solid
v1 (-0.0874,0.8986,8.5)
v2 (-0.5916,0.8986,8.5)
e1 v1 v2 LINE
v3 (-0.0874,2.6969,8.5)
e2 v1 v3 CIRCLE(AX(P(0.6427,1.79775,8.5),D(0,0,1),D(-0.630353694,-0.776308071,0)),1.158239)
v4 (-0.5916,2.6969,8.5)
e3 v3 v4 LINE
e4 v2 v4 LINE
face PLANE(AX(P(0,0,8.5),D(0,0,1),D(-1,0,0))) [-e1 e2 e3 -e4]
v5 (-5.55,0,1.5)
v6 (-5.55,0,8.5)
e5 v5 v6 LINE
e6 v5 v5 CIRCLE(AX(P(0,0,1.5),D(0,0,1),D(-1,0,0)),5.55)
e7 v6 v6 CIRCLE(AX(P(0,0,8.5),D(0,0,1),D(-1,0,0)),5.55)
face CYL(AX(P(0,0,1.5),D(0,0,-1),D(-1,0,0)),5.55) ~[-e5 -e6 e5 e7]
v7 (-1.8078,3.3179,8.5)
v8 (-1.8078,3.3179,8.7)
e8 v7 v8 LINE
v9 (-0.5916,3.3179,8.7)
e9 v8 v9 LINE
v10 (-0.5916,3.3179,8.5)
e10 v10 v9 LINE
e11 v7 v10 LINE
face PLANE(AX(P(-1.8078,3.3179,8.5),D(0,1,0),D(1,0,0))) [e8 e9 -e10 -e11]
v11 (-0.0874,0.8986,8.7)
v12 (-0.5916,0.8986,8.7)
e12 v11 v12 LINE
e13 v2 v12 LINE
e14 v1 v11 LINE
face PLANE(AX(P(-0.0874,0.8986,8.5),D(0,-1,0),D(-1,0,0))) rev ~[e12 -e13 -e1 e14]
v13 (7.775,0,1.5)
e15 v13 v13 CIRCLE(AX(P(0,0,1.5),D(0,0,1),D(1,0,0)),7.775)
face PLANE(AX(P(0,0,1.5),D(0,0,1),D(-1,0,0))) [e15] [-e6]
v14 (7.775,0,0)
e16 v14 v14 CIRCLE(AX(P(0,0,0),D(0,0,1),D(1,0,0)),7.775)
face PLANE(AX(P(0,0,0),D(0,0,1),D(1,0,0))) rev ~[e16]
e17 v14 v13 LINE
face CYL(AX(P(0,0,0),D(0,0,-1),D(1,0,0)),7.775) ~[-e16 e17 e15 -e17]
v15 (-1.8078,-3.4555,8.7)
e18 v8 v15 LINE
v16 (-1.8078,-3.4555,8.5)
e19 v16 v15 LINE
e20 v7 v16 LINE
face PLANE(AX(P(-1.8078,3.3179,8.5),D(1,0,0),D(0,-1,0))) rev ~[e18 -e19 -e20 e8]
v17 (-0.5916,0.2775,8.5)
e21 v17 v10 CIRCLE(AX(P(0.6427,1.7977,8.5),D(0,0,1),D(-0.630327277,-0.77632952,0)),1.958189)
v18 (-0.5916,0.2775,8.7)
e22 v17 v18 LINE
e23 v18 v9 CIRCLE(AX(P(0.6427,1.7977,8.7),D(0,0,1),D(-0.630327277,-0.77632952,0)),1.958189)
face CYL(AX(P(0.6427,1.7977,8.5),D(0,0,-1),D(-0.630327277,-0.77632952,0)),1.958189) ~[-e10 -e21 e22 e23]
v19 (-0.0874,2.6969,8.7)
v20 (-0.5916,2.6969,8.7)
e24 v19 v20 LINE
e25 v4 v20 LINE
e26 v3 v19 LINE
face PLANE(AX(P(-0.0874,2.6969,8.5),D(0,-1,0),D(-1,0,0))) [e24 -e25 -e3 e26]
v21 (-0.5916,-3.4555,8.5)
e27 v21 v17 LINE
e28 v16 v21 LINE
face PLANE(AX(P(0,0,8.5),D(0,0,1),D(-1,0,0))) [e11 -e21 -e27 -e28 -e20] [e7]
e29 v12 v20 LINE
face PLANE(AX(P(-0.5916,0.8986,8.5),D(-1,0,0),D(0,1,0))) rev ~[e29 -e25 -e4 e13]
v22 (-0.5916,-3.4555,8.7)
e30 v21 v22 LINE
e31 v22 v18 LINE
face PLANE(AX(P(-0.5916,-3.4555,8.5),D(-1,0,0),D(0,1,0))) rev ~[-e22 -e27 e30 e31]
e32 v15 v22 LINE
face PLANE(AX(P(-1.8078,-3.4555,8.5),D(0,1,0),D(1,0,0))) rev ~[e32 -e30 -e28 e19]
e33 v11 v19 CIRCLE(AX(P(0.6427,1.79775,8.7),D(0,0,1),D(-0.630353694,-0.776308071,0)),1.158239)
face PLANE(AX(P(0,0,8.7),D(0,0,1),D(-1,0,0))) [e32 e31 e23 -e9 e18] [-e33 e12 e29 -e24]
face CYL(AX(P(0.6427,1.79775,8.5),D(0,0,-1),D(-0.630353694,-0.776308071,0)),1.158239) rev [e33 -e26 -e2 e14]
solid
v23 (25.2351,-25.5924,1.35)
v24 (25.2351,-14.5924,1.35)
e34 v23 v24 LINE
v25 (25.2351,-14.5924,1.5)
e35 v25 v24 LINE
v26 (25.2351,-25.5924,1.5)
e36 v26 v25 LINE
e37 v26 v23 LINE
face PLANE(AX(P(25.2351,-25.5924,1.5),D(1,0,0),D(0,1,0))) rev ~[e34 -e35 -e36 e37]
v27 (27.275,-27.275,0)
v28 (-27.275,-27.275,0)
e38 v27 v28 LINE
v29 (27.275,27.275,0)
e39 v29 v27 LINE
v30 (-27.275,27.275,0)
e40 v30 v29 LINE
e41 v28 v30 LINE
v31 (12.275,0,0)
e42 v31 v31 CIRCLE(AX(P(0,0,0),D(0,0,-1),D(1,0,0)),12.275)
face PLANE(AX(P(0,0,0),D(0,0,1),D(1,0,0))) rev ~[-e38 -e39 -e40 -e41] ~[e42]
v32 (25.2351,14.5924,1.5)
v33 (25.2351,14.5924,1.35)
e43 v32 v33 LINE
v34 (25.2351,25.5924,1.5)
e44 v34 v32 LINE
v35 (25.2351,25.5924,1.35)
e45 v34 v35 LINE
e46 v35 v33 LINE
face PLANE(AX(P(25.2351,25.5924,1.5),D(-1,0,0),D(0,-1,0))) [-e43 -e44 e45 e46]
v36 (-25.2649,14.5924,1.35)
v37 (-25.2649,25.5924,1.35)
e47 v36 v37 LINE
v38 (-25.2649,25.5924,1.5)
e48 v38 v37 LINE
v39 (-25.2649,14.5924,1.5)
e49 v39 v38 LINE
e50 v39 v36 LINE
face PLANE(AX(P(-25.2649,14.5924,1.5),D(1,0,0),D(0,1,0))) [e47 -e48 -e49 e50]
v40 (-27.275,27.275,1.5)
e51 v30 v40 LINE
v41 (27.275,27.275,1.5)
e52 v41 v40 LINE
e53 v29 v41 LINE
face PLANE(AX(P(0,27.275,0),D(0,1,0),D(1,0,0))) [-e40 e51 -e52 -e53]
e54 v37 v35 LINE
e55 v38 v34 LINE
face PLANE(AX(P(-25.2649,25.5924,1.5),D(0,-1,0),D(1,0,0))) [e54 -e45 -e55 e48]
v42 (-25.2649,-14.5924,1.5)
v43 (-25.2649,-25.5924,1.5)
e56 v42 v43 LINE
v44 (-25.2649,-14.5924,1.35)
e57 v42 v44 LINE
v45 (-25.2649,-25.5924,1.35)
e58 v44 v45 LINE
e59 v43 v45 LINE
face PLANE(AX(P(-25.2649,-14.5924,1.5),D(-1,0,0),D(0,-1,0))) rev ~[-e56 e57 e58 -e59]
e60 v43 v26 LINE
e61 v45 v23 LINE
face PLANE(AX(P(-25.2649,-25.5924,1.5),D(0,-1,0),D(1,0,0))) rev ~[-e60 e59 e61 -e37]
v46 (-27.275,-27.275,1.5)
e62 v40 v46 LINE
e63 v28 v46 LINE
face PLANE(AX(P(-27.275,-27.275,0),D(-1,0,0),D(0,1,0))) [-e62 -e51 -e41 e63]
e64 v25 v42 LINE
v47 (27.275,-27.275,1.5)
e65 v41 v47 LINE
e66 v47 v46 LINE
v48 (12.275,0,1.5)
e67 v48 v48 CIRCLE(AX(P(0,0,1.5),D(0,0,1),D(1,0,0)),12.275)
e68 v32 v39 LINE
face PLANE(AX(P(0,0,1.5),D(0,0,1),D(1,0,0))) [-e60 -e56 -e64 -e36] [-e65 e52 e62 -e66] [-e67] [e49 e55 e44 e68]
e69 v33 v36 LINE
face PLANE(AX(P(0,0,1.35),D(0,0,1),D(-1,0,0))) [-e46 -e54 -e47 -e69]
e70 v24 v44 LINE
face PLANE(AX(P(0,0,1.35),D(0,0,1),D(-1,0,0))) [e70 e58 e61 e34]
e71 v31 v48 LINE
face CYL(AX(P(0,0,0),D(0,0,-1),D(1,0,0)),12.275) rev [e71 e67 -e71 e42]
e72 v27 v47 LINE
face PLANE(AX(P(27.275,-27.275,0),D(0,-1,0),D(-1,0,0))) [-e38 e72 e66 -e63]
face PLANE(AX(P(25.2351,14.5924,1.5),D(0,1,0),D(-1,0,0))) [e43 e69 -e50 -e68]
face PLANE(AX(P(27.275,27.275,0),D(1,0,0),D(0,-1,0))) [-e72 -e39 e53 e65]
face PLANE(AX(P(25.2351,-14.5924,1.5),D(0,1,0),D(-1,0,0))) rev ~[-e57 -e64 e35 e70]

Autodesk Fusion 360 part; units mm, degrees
sketch "Sketch1" plane through (0, 0, 0) normal (0, 0, 1) x (1, 0, 0)
  circle A0 centre (0, 0) radius 7.775
  circle A1 centre (0, 0) radius 12.275
  line L0 (0, 12.275) -> (0, 27.275)
  line L1 (-12.275, 0) -> (-27.275, 0)
  line L2 (-27.275, 0) -> (-27.275, 27.275)
  line L3 (-27.275, 27.275) -> (27.275, 27.275)
  line L4 (27.275, 27.275) -> (27.275, -27.275)
  line L5 (27.275, -27.275) -> (-27.275, -27.275)
  line L6 (-27.275, -27.275) -> (-27.275, 27.275)
  dimension "d1" = 15.55
  dimension "d2" = 4.5
  dimension "d3" = 15
  dimension "d4" = 15
  dimension "d5" = 54.55
  dimension "d6" = 54.55
extrude "Extrude1" add sketch "Sketch1" along normal blind 1.5 contours A0 | A1 L0 L1 L3 L4 L5 L6 | A1 L0 L1 L2 L3 L6 makes body 1 at (-0.3058, -22.2636, 0) makes body 2 at (-1.6159, 2.7988, 0)
sketch "Sketch2" plane through (0, 0, 1.5) normal (0, 0, 1) x (-1, 0, 0)
  circle A0 centre (0, 0) radius 7.775
  line L0 (5.0002, -4.6813) -> (-4.9998, -4.6813)
  line L1 (-4.9998, -4.6813) -> (-4.9998, 4.8187)
  line L2 (-4.9998, 4.8187) -> (5.0002, 4.8187)
  line L3 (5.0002, 4.8187) -> (5.0002, -4.6813)
  line L4 (25.2649, -25.5924) -> (-25.2351, -25.5924)
  line L5 (-25.2351, -25.5924) -> (-25.2351, -14.5924)
  line L6 (-25.2351, -14.5924) -> (25.2649, -14.5924)
  line L7 (25.2649, -14.5924) -> (25.2649, -25.5924)
  line L8 (0, 0) -> (-1.8837, 0)
  line L9 (25.2649, 25.5924) -> (-25.2351, 25.5924)
  line L10 (-25.2351, 25.5924) -> (-25.2351, 14.5924)
  line L11 (-25.2351, 14.5924) -> (25.2649, 14.5924)
  line L12 (25.2649, 14.5924) -> (25.2649, 25.5924)
  dimension "d9" = 10
  dimension "d10" = 9.5
  dimension "d11" = 50.5
  dimension "d12" = 11
extrude "Extrude2" cut sketch "Sketch2" against normal blind 0.15 contours L0 L1 L2 L3 | L4 L5 L6 L7 | L9 L10 L11 L12 bodies 1 2
extrude "Extrude3" add 1 faces at (-1.6669, 1.5146, 1.35) along direction (0, 0, 1) blind 0.15 on bodies 2 bodies 2
sketch "Sketch3" plane through (0, 0, 1.5) normal (0, 0, 1) x (-1, 0, 0)
  circle A0 centre (0, 0) radius 7.775
  circle A1 centre (0, 0) radius 5.55
  dimension "d17" = 11.1
extrude "Extrude4" add sketch "Sketch3" along normal blind 7 contours A1 bodies 2
sketch "Sketch4" plane through (0, 0, 8.5) normal (0, 0, 1) x (-1, 0, 0)
  circle A0 centre (0, 0) radius 5.55
  line L0 (1.8078, -3.3179) -> (1.8078, 3.4555)
  line L1 (1.8078, 3.4555) -> (0.5916, 3.4555)
  line L2 (0.5916, 3.4555) -> (0.5916, -0.2775)
  line L3 (1.8078, -3.3179) -> (0.5916, -3.3179)
  line L4 (0.5916, -0.2775) -> (0.5916, -3.3179)
  arc A1 (0.5916, -0.2775) -> (0.5916, -3.3179) centre (-0.6427, -1.7977) ccw
  arc A2 (0.0874, -0.8986) -> (0.0874, -2.6969) centre (-0.6427, -1.7977) ccw
  line L5 (0.0874, -0.8986) -> (0.5916, -0.8986)
  line L6 (0.0874, -2.6969) -> (0.5916, -2.6969)
  dimension "d20" = -0.8
extrude "Extrude5" add sketch "Sketch4" along normal blind 0.2 contours L0 L1 L2 L3 L4 | L4 A1 A2 L5 L6 bodies 2
equation "d1 = 11.05 mm + 4.5 mm"
